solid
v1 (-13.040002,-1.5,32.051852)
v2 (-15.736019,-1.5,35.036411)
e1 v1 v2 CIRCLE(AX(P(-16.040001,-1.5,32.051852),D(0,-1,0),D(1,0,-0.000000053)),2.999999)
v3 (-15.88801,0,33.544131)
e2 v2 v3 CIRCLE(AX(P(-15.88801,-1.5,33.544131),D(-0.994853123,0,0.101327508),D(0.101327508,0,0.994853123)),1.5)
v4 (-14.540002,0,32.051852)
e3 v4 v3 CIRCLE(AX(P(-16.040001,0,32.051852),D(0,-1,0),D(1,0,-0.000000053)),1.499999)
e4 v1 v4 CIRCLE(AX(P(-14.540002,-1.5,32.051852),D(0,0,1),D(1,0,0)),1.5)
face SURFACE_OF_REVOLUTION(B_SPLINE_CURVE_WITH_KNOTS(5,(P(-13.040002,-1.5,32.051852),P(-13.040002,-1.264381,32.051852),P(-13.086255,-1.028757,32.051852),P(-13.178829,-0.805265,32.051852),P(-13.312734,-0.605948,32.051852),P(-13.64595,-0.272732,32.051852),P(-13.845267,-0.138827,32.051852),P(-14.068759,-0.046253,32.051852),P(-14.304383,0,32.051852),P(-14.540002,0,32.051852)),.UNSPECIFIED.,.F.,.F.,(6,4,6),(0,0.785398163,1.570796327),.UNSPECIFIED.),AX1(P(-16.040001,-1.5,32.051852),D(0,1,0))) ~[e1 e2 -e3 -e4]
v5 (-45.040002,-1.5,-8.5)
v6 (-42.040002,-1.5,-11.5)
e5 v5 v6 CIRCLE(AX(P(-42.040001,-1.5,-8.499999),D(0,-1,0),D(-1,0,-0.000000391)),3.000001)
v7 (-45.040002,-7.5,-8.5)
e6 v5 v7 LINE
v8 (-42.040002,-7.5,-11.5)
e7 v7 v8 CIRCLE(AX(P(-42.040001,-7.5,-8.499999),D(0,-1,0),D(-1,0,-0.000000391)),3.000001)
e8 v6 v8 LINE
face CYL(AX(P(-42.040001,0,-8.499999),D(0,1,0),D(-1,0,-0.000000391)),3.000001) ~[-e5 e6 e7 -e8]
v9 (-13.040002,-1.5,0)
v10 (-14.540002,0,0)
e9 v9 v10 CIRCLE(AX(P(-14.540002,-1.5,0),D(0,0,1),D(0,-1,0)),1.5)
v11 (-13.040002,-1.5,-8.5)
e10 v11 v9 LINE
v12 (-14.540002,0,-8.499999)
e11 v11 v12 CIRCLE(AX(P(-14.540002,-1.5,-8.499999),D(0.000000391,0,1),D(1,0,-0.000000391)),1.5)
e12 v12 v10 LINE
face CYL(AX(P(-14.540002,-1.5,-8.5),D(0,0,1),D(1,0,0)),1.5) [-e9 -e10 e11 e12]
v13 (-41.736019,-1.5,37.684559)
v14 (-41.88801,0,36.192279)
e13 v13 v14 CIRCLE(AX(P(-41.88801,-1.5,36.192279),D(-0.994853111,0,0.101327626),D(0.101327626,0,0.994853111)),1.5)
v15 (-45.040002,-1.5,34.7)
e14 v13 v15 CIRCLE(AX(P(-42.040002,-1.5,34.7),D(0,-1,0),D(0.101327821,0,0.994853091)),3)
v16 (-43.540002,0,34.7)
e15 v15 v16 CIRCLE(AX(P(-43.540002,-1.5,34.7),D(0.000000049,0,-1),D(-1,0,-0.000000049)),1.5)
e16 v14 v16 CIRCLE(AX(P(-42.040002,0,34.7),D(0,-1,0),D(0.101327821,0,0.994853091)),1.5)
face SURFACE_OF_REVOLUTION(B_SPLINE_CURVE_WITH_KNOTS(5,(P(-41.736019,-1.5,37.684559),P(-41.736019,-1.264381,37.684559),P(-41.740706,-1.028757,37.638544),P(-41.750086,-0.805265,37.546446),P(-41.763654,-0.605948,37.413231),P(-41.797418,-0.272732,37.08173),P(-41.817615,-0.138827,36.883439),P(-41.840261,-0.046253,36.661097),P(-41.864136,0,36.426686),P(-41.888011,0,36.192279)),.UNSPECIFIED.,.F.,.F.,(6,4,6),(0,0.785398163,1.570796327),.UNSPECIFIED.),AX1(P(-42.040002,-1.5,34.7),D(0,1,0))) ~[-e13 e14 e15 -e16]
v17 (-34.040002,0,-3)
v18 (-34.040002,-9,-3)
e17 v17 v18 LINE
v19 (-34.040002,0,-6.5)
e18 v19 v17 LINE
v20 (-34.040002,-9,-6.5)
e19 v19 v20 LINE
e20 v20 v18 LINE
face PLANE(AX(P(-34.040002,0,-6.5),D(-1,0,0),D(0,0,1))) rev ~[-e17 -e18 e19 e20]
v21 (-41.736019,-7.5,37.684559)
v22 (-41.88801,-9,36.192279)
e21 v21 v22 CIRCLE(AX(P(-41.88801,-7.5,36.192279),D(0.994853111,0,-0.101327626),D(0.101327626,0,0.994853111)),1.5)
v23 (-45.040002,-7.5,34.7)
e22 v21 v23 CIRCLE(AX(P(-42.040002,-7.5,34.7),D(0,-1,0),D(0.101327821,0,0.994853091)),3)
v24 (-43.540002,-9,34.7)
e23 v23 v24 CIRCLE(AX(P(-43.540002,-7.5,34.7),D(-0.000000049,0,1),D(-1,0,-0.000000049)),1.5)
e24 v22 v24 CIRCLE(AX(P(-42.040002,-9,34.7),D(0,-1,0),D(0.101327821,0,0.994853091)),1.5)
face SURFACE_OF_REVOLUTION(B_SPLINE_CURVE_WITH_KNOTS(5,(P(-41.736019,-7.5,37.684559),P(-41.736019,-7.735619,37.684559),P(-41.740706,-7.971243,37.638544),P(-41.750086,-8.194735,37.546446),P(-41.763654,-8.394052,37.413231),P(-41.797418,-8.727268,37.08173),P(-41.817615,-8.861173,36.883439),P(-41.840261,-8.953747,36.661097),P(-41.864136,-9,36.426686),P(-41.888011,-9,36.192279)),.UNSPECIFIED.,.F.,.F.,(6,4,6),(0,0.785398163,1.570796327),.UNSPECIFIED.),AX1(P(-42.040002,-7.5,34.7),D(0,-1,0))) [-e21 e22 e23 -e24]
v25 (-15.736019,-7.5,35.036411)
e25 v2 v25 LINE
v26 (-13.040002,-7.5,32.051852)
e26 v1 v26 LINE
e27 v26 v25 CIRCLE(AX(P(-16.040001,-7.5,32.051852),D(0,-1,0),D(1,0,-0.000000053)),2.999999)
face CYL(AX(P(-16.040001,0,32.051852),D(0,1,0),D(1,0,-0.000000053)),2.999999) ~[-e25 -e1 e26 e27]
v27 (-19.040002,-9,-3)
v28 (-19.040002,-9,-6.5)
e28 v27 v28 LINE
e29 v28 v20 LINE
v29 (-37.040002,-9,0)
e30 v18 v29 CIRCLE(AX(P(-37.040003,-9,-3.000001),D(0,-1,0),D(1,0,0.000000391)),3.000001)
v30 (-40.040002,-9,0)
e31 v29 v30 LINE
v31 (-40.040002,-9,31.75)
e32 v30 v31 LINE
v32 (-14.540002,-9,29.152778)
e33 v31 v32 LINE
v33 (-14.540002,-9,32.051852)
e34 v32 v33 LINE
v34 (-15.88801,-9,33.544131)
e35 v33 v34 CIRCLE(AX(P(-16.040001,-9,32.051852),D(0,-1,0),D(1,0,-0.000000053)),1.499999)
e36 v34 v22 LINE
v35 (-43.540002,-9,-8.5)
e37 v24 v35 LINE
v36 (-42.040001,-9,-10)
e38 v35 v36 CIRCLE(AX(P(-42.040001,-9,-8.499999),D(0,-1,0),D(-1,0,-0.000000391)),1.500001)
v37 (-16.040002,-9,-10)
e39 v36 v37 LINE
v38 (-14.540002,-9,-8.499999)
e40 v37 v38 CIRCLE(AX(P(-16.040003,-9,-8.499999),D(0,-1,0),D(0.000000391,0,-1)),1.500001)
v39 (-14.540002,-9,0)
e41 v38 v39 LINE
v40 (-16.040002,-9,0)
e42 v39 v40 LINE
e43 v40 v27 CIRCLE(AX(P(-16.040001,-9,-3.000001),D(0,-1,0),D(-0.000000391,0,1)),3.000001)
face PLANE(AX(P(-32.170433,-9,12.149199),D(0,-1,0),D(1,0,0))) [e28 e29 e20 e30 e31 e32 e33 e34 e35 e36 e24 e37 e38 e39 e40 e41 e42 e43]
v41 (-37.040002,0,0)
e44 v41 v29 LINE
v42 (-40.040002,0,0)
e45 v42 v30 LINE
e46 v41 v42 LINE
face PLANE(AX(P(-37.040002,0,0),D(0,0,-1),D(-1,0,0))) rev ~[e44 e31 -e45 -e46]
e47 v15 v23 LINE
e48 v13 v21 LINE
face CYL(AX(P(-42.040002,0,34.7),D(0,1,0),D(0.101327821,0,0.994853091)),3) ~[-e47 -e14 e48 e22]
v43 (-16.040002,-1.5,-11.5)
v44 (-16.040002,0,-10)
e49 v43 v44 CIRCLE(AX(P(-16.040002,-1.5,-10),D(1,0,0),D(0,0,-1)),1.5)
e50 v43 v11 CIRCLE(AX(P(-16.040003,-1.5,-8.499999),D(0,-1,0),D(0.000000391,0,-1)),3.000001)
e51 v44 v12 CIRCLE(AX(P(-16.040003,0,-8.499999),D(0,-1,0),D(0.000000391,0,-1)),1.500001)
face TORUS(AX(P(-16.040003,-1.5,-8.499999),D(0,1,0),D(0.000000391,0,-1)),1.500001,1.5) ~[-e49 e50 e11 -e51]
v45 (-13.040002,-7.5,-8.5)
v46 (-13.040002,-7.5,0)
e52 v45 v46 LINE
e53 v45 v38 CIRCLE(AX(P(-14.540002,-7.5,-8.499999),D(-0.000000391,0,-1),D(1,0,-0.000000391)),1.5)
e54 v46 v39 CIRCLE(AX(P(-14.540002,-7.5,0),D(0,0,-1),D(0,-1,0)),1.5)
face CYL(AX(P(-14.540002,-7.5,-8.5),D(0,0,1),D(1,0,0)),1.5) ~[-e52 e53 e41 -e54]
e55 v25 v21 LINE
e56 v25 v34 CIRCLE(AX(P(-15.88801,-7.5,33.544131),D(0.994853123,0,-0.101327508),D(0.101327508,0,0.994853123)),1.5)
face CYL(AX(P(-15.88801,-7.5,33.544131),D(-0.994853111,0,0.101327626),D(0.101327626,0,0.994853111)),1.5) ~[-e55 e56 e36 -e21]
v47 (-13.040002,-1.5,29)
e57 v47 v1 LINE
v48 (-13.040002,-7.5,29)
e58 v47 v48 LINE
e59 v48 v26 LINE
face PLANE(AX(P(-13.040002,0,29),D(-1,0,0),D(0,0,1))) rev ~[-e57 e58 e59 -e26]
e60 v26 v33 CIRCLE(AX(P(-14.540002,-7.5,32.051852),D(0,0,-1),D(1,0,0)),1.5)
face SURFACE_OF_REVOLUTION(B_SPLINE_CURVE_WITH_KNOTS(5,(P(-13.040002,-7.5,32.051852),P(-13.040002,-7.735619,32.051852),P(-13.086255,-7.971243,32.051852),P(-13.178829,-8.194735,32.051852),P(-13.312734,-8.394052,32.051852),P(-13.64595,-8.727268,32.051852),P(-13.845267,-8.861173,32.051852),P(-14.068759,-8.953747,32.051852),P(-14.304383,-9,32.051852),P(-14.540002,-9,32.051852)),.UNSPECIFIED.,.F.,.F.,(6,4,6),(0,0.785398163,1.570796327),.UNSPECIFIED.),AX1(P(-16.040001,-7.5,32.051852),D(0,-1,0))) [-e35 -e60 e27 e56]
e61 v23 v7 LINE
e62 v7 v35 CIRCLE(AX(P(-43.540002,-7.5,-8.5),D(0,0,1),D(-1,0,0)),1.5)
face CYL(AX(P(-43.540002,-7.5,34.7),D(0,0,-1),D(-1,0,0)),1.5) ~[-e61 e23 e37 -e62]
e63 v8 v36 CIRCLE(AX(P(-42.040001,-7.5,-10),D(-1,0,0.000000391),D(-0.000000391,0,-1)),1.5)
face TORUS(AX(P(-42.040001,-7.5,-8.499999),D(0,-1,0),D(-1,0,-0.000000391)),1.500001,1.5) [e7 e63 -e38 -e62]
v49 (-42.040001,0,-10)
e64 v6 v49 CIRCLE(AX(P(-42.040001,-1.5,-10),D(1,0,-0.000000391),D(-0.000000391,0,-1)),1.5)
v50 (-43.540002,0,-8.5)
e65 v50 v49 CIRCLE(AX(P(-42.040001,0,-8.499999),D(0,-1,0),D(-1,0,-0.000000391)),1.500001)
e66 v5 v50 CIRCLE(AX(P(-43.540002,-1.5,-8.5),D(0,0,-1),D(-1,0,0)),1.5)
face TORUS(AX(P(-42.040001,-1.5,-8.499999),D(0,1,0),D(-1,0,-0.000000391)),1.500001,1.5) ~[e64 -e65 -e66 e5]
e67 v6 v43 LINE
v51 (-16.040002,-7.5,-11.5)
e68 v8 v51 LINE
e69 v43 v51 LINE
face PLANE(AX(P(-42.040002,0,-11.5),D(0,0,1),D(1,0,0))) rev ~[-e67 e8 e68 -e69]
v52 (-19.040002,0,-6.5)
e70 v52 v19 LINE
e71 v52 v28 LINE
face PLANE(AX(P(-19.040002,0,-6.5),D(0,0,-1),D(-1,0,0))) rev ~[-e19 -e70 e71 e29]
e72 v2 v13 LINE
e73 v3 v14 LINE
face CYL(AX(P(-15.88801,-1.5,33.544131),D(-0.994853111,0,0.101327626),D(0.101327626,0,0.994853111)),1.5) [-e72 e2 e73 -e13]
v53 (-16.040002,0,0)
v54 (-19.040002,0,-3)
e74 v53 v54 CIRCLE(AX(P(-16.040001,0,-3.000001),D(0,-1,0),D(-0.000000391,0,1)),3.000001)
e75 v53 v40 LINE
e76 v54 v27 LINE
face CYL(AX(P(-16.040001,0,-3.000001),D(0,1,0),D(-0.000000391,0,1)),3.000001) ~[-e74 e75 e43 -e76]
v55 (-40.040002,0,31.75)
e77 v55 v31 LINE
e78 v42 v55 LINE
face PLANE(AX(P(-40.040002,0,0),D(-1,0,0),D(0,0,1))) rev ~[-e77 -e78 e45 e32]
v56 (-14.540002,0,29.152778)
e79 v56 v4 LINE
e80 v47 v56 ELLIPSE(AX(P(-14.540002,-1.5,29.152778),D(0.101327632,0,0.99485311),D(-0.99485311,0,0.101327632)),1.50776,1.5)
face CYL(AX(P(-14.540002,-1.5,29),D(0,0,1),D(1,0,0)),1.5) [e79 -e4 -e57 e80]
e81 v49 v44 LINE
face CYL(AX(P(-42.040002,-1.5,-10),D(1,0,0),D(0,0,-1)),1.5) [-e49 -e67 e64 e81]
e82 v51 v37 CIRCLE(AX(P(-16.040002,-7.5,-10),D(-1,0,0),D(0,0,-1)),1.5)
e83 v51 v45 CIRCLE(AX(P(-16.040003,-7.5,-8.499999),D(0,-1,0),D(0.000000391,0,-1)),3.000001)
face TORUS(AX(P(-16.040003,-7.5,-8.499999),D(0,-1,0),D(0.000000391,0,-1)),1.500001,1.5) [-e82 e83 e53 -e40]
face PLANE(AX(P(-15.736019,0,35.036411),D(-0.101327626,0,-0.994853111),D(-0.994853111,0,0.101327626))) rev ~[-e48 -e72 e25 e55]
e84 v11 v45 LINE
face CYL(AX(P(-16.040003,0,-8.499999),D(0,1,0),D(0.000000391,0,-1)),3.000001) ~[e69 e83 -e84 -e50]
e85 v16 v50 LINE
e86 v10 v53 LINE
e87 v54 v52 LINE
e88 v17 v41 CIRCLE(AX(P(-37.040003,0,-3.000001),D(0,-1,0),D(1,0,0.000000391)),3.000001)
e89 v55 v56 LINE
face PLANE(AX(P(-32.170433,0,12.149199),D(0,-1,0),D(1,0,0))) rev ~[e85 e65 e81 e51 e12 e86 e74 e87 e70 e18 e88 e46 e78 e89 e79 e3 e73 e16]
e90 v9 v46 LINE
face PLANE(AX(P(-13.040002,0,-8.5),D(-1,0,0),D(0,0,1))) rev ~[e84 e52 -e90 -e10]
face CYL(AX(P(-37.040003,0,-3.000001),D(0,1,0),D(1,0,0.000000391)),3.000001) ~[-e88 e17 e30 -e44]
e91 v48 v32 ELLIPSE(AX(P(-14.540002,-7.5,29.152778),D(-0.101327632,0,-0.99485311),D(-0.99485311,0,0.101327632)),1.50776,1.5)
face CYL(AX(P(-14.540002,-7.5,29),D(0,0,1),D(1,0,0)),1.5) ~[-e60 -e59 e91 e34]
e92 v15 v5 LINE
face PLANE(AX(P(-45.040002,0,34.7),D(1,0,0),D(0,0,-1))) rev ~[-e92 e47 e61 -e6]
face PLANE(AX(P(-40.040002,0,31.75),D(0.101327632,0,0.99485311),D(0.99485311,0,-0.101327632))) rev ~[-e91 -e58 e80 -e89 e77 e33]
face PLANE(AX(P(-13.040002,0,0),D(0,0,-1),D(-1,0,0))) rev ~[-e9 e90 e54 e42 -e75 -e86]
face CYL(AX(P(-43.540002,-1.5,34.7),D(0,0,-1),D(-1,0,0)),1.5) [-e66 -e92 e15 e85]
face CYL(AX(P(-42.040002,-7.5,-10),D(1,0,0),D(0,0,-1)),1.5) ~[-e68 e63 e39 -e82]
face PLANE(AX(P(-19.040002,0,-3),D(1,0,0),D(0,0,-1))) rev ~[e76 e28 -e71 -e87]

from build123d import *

# Parameters (mm, degrees)
F1_DEPTH = 9
F2_R     = 1.5


with BuildPart() as f1:
    # F0 (on Front) → F1 (new body)
    with BuildSketch(Plane.XZ):
        with BuildLine():
            Line((-40.040002, 31.75), (-13.040002, 29))
            Line((-13.040002, 29), (-13.040002, 32.051852))
            ThreePointArc((-13.040002, 32.051852), (-13.8138, 34.062828), (-15.736019, 35.036411))
            Line((-15.736019, 35.036411), (-41.736019, 37.684559))
            ThreePointArc((-41.736019, 37.684559), (-44.050978, 36.926202), (-45.040002, 34.7))
            Line((-45.040002, 34.7), (-45.040002, -8.5))
            ThreePointArc((-45.040002, -8.5), (-44.161322, -10.62132), (-42.040002, -11.5))
            Line((-42.040002, -11.5), (-16.040002, -11.5))
            ThreePointArc((-16.040002, -11.5), (-13.918682, -10.62132), (-13.040002, -8.5))
            Line((-13.040002, -8.5), (-13.040002, 0))
            Line((-13.040002, 0), (-16.040002, 0))
            ThreePointArc((-16.040002, 0), (-18.161322, -0.87868), (-19.040002, -3))
            Line((-19.040002, -3), (-19.040002, -6.5))
            Line((-19.040002, -6.5), (-34.040002, -6.5))
            Line((-34.040002, -6.5), (-34.040002, -3))
            ThreePointArc((-34.040002, -3), (-34.918682, -0.87868), (-37.040002, 0))
            Line((-37.040002, 0), (-40.040002, 0))
            Line((-40.040002, 0), (-40.040002, 31.75))
        make_face()
    extrude(amount=F1_DEPTH)

    # F2
    f2_edges = [f1.edges().sort_by_distance(p)[0] for p in [
        (-29.040002, -9, -11.5),
        (-45.040002, 0, 13.1),
    ]]
    fillet(f2_edges, radius=F2_R)


solid = f1.part
